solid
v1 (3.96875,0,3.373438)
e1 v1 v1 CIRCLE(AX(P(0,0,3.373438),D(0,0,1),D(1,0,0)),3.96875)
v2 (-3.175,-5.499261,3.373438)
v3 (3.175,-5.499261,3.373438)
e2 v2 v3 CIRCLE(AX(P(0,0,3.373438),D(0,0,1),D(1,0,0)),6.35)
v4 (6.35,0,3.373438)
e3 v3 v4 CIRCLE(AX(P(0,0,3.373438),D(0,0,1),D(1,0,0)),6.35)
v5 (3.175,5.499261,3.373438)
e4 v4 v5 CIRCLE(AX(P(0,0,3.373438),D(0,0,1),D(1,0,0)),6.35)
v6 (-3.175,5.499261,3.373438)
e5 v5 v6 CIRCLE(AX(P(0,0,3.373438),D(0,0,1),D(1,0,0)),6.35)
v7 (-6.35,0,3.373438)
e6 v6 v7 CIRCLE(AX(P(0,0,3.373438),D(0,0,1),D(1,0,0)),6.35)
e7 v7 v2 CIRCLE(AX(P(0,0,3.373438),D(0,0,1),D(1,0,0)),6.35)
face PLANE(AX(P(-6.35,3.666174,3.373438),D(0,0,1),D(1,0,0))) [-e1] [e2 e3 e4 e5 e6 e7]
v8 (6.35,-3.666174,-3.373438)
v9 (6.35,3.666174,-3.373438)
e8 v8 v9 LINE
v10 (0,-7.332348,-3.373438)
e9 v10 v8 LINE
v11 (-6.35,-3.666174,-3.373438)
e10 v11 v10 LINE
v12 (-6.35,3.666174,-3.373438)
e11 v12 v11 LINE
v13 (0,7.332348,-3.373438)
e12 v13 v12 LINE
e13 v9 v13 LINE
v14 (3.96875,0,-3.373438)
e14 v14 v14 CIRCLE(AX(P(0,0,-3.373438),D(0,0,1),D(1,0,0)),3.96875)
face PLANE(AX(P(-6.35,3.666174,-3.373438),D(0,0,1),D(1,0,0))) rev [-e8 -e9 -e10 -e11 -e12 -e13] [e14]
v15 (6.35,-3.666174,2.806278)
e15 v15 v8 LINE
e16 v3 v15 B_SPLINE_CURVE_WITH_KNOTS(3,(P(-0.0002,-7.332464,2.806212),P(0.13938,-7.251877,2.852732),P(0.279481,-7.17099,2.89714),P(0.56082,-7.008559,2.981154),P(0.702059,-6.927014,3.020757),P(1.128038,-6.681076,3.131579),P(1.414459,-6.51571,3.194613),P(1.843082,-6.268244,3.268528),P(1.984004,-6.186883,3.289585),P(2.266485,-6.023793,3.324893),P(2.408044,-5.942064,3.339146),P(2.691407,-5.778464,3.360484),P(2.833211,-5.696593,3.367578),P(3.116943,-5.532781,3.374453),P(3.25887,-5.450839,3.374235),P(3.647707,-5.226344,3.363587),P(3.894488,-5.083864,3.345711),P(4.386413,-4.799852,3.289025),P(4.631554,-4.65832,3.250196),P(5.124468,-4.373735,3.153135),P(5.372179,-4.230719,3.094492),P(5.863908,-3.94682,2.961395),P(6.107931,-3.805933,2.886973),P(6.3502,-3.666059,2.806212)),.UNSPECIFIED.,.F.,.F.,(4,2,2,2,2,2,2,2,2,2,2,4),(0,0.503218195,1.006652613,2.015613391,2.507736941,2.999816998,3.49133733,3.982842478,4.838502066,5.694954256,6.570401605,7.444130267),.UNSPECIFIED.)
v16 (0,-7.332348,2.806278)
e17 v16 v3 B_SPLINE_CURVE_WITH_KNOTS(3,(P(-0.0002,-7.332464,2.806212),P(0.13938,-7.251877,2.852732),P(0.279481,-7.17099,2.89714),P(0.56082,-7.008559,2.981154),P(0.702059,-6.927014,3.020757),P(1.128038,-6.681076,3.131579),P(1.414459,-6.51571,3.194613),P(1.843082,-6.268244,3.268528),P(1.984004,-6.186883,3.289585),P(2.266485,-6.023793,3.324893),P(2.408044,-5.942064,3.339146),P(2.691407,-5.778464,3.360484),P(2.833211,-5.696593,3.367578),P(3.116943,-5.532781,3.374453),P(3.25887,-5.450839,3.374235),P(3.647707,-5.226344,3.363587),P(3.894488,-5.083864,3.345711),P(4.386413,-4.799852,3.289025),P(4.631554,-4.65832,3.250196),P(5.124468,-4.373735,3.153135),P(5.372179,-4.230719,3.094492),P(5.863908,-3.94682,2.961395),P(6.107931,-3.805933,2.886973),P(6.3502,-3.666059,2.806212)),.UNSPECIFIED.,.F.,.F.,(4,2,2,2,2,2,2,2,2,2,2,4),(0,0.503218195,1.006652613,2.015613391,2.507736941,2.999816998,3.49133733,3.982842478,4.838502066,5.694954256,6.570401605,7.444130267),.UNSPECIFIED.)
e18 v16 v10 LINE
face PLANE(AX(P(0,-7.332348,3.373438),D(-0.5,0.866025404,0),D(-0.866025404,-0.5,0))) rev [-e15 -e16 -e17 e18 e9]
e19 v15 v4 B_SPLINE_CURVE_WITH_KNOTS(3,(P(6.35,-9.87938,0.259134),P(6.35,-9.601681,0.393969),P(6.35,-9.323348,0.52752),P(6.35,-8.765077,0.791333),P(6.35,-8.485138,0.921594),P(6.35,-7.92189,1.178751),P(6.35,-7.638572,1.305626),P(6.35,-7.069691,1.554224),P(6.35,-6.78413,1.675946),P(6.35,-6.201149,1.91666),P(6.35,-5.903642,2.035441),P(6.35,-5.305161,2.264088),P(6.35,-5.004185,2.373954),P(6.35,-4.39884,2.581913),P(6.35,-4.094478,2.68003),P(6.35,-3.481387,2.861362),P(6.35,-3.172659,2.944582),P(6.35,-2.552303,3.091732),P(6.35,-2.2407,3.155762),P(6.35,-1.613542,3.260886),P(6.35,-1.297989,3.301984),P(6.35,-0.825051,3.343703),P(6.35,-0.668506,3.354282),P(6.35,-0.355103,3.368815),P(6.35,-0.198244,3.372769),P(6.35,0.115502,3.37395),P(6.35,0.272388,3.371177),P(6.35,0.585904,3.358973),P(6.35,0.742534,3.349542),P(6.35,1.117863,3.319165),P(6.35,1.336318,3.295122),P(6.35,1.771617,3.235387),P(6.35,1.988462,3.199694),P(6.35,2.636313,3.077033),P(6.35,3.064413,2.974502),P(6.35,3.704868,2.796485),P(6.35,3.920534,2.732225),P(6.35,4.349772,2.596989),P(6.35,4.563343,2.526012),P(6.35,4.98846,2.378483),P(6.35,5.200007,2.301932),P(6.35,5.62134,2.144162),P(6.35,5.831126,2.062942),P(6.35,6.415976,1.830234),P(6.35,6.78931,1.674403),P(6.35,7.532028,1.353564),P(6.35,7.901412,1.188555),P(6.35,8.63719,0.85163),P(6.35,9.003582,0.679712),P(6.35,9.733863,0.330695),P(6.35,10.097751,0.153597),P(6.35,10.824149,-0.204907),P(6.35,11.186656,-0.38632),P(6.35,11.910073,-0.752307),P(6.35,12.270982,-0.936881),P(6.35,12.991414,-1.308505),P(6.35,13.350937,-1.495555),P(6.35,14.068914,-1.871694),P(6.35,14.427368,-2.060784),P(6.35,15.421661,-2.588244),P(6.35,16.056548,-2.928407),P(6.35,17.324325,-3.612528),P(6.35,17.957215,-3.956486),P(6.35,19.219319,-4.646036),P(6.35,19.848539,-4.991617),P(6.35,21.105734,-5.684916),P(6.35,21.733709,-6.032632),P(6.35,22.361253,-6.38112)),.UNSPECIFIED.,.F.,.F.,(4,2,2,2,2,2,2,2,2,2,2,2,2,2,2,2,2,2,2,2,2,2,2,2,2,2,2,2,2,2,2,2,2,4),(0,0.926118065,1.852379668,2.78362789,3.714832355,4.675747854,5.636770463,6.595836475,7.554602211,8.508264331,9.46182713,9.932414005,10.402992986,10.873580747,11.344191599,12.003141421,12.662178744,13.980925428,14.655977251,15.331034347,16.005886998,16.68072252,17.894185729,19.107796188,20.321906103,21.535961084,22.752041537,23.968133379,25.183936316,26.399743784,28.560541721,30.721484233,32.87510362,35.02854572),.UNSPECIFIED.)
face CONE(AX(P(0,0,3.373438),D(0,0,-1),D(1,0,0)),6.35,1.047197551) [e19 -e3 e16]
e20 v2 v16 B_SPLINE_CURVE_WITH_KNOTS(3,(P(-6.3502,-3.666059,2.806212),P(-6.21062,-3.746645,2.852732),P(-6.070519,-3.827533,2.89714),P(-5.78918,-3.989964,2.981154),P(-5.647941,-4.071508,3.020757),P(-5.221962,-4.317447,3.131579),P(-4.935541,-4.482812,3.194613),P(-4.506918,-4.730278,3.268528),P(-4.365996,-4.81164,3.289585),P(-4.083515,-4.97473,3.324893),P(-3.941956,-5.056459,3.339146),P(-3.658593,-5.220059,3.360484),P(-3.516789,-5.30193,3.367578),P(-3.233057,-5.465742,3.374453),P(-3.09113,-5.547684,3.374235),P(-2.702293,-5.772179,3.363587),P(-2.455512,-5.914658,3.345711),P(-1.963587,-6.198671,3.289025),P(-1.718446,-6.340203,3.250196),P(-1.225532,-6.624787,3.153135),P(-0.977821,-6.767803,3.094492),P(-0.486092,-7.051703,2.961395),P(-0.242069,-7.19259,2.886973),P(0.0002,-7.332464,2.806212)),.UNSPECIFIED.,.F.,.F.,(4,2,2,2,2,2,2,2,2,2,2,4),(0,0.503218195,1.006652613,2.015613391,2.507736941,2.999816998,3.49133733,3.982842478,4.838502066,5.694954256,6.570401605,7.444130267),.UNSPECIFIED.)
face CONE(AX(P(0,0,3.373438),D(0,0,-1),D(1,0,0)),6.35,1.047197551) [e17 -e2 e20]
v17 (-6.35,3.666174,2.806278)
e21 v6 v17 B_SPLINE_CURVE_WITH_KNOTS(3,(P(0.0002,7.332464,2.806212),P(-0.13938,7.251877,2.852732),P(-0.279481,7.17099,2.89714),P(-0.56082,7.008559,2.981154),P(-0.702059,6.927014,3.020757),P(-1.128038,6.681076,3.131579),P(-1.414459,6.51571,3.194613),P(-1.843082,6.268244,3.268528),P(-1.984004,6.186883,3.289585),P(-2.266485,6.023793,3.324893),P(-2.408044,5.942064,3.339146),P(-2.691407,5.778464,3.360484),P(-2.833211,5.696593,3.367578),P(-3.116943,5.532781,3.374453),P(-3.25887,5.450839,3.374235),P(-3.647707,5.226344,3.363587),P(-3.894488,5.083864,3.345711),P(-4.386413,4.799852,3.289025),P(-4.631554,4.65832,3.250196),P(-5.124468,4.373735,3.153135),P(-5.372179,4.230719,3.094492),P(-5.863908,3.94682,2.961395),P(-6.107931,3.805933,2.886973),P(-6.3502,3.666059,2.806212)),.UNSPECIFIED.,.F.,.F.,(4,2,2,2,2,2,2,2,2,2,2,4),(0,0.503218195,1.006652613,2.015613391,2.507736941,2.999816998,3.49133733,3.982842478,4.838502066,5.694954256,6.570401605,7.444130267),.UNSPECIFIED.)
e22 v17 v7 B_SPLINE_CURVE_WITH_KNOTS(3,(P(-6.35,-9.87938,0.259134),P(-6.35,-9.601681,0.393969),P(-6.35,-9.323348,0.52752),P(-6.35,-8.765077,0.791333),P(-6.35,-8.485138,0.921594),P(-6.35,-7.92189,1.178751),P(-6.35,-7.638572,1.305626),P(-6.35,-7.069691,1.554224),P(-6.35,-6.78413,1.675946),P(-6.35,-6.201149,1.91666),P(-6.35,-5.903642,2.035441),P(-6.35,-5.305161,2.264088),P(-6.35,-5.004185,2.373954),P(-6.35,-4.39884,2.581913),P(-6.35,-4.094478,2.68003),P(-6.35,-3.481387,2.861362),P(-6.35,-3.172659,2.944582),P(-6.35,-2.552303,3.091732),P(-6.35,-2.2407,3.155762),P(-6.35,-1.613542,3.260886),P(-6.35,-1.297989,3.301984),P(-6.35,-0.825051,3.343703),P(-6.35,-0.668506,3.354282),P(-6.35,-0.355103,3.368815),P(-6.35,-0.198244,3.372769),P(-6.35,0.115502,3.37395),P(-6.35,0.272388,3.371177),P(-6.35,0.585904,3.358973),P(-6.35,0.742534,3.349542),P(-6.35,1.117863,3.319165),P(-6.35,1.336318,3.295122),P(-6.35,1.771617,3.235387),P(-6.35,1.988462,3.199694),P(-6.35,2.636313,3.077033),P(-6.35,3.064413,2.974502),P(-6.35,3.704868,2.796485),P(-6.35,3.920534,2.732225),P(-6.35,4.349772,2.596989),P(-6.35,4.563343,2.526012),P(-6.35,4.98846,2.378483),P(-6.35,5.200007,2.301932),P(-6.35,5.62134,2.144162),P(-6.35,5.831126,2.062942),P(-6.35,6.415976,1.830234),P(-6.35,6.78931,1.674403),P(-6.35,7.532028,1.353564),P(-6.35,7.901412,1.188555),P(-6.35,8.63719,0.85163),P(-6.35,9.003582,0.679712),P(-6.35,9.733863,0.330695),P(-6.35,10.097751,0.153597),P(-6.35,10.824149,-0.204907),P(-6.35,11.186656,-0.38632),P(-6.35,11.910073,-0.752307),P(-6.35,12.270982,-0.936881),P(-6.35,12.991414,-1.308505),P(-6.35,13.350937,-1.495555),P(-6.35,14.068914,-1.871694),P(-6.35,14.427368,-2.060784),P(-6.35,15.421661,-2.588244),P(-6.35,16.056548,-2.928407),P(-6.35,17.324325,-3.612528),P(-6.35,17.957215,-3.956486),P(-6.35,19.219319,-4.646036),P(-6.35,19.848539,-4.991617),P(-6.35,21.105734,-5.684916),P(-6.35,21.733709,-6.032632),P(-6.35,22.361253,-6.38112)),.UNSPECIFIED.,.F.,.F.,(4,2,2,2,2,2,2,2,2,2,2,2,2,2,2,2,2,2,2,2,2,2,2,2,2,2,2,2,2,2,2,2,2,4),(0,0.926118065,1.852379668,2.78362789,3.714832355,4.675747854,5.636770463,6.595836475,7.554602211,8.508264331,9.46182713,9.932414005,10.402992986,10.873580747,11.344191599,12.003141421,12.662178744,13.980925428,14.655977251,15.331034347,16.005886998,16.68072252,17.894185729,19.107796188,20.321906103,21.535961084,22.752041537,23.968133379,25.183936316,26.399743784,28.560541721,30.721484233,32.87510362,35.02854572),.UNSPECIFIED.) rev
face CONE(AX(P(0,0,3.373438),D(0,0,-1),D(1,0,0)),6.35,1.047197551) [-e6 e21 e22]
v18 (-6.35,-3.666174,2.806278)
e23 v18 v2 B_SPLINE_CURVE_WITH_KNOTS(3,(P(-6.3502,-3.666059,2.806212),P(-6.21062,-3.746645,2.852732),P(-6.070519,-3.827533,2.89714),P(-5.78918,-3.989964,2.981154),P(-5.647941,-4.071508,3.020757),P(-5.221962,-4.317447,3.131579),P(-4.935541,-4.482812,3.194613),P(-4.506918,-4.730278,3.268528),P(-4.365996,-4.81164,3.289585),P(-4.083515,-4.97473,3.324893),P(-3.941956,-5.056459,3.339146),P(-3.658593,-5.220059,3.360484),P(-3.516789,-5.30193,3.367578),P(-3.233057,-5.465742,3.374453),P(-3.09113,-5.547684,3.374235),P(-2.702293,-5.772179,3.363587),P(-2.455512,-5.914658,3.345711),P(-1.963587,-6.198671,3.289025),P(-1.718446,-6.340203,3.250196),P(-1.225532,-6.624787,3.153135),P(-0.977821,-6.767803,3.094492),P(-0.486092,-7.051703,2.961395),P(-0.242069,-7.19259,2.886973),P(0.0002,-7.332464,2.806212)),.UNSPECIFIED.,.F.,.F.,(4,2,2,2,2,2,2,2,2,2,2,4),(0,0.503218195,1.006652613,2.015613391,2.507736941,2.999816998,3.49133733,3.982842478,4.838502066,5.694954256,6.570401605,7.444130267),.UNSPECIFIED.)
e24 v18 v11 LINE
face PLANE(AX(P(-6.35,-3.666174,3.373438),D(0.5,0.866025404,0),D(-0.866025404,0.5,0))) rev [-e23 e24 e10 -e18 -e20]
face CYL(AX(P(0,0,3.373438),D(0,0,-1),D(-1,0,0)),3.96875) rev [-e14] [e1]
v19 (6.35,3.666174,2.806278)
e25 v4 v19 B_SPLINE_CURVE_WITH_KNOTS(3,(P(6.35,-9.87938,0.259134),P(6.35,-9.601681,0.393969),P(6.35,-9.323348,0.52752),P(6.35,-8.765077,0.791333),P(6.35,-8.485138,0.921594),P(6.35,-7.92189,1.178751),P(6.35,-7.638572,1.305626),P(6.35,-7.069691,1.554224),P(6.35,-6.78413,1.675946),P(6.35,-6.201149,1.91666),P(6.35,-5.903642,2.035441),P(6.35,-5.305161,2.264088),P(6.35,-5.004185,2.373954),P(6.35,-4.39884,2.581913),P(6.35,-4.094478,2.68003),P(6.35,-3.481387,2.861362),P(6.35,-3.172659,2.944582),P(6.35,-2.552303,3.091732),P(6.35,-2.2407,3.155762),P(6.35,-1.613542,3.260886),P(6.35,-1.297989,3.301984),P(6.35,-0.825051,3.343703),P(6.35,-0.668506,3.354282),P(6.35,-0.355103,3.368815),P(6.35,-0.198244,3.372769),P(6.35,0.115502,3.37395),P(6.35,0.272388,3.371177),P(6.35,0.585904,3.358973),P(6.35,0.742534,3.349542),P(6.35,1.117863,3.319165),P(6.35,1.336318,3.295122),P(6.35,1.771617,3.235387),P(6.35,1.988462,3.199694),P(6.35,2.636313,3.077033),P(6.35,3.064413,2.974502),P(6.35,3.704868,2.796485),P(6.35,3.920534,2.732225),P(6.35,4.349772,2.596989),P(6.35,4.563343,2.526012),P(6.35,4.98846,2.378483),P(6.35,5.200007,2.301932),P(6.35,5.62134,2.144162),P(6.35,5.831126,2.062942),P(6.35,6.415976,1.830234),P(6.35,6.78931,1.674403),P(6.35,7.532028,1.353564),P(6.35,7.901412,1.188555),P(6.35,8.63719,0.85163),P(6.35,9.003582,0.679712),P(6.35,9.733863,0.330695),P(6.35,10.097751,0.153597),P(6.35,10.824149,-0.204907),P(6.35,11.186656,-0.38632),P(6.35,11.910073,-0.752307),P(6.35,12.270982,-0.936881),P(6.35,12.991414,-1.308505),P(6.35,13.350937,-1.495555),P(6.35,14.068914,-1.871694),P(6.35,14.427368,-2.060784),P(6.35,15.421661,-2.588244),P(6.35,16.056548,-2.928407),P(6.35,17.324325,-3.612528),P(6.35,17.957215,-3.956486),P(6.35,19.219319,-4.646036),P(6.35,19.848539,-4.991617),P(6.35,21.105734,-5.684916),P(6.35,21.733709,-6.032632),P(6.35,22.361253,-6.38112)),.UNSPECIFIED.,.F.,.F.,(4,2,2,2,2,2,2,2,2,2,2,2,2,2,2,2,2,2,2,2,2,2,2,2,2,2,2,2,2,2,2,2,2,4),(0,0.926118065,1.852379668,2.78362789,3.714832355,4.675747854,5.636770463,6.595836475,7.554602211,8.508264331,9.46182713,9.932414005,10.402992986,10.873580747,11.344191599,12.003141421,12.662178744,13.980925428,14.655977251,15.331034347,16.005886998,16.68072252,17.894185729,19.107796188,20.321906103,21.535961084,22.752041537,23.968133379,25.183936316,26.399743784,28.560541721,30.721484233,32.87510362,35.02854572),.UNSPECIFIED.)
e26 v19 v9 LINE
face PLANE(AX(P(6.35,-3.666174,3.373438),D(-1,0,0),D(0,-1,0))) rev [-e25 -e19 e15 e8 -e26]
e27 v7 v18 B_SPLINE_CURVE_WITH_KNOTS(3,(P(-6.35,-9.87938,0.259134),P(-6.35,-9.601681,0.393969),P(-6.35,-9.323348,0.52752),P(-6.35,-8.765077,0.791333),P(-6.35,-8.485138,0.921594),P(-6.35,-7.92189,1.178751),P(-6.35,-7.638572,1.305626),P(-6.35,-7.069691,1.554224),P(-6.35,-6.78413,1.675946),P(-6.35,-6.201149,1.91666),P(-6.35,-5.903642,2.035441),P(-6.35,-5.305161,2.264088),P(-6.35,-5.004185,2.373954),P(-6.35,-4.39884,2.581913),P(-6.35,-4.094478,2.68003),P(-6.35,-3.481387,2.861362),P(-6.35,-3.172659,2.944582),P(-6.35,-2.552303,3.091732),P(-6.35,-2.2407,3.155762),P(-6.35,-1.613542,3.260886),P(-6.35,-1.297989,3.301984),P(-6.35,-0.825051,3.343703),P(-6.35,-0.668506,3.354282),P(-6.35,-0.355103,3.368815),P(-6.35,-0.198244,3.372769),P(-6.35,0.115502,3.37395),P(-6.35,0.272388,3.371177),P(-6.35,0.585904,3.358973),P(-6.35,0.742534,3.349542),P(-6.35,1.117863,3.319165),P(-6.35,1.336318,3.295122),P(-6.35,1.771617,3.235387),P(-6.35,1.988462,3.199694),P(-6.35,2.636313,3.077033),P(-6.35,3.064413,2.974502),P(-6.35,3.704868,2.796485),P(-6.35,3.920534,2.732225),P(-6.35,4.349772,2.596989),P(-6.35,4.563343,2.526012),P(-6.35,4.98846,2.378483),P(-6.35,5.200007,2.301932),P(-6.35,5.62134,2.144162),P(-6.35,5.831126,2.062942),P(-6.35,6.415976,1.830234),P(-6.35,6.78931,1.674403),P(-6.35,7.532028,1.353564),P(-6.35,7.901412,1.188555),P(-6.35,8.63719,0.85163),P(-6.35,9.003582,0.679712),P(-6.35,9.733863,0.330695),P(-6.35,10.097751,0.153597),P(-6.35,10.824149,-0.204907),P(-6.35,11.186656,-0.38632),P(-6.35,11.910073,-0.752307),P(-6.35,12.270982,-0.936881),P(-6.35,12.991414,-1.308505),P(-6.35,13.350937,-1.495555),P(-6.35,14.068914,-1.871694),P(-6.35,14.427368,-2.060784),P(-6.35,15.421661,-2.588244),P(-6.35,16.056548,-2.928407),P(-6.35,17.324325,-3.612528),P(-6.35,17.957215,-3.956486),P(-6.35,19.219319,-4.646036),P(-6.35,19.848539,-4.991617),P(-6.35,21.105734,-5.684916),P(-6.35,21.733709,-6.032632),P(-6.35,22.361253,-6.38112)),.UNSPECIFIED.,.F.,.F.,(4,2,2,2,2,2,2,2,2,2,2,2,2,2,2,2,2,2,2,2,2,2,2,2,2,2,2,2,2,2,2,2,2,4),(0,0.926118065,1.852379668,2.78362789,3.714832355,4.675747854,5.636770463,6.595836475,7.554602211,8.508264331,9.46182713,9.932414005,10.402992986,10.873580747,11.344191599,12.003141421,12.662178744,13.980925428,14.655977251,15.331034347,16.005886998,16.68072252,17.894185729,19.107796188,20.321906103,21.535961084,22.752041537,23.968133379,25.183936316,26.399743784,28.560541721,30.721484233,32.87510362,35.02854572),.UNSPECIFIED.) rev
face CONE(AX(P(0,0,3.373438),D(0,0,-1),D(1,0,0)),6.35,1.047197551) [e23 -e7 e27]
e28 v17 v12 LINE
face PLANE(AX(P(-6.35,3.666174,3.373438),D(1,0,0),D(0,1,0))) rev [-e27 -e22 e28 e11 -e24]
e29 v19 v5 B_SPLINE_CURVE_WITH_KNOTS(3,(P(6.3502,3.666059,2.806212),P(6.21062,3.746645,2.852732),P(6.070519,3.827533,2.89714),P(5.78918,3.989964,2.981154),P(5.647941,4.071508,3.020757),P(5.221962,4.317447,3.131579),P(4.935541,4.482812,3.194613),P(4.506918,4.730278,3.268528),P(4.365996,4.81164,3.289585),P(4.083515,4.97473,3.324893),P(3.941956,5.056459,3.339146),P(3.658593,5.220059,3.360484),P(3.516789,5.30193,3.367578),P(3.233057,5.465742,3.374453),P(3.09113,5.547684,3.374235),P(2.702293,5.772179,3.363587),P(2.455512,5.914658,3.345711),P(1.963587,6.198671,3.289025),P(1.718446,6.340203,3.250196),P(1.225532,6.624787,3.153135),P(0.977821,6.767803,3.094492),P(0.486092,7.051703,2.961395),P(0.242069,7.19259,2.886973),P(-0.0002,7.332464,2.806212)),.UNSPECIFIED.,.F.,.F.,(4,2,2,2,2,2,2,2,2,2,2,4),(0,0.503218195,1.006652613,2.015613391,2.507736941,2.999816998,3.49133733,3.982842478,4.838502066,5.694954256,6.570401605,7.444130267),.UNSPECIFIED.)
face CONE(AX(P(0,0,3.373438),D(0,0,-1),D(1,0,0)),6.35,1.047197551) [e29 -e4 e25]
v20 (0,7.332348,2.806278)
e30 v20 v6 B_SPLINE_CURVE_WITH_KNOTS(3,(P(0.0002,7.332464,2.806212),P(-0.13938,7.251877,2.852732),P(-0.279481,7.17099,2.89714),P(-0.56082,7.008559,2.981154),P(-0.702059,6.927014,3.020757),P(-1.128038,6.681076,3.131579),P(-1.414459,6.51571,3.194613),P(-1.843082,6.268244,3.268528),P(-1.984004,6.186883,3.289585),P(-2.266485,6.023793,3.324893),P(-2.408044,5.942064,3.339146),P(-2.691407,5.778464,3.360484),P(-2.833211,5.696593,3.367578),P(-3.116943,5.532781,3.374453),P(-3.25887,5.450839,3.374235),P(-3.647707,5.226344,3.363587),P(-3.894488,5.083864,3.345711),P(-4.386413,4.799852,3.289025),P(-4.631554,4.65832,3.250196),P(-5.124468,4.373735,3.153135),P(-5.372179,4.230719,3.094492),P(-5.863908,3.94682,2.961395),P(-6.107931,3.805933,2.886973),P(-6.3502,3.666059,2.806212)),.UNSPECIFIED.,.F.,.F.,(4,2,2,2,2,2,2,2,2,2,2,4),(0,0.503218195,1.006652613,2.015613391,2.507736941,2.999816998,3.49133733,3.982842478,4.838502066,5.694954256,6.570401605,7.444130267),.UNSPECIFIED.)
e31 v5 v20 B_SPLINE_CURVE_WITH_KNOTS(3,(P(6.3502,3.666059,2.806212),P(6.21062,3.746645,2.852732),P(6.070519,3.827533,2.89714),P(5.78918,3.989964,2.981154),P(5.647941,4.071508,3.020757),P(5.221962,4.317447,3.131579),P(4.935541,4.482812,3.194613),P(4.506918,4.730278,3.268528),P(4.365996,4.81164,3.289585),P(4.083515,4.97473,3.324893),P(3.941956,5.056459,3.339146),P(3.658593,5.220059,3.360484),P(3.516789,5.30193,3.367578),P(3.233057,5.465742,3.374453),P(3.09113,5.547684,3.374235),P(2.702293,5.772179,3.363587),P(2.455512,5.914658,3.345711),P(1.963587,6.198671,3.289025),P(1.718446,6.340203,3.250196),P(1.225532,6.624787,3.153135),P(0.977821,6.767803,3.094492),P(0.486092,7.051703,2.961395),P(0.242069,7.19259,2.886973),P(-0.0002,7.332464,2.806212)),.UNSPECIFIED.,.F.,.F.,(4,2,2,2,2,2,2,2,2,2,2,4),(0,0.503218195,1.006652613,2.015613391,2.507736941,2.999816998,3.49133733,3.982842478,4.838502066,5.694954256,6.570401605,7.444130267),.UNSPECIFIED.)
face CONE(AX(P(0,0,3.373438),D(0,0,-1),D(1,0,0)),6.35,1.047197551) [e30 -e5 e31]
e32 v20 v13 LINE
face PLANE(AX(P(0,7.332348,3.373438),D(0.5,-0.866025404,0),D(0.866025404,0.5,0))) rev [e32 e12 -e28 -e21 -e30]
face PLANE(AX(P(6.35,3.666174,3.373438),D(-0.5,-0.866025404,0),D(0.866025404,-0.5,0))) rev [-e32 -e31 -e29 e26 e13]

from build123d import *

# Parameters (mm, degrees)
SKETCH1_R         = 3.96875
EXTRUDE1_DEPTH    = 3.3734375
SKETCH7_OUTSIDE_W = 106.796
SKETCH7_OUTSIDE_H = 108.76
SKETCH7_OUTSIDE_R = 6.35
EXTRUDE2_DEPTH    = 25.4
EXTRUDE2_DRAFT    = -60


with BuildPart() as part:
    # Sketch1 → Extrude1 (new, symmetric)
    with BuildSketch(Plane.XY):
        Polygon((-6.35, 3.666174209), (-6.35, -3.666174209), (0, -7.332348419), (6.35, -3.666174209), (6.35, 3.666174209), (0, 7.332348419), align=None)
        Circle(SKETCH1_R, mode=Mode.SUBTRACT)
    extrude(amount=EXTRUDE1_DEPTH, both=True)


with BuildPart() as extrude2_tool:
    # Sketch7 outside → Extrude2 (with draft: the straight prism first)
    with BuildSketch(Plane.XY.offset(3.3734375)):
        Rectangle(SKETCH7_OUTSIDE_W, SKETCH7_OUTSIDE_H)
        Circle(SKETCH7_OUTSIDE_R, mode=Mode.SUBTRACT)
    extrude(amount=-EXTRUDE2_DEPTH)
    # Extrude2: the draft: its side faces are tilted about the plane it starts from
    extrude2_sides = [extrude2_tool.faces().sort_by_distance(p)[0] for p in [
        (0, -54.38, -9.3265625),
        (53.398, 0, -9.3265625),
        (0, 54.38, -9.3265625),
        (-53.398, 0, -9.3265625),
        (-6.35, 0, -9.3265625),
    ]]
    draft(extrude2_sides, Plane.XY.offset(3.3734375), EXTRUDE2_DRAFT)


with BuildPart() as part_1:
    add(part.part)

    # Extrude2: cut by extrude2_tool
    add(extrude2_tool.part, mode=Mode.SUBTRACT)


solid = part_1.part
